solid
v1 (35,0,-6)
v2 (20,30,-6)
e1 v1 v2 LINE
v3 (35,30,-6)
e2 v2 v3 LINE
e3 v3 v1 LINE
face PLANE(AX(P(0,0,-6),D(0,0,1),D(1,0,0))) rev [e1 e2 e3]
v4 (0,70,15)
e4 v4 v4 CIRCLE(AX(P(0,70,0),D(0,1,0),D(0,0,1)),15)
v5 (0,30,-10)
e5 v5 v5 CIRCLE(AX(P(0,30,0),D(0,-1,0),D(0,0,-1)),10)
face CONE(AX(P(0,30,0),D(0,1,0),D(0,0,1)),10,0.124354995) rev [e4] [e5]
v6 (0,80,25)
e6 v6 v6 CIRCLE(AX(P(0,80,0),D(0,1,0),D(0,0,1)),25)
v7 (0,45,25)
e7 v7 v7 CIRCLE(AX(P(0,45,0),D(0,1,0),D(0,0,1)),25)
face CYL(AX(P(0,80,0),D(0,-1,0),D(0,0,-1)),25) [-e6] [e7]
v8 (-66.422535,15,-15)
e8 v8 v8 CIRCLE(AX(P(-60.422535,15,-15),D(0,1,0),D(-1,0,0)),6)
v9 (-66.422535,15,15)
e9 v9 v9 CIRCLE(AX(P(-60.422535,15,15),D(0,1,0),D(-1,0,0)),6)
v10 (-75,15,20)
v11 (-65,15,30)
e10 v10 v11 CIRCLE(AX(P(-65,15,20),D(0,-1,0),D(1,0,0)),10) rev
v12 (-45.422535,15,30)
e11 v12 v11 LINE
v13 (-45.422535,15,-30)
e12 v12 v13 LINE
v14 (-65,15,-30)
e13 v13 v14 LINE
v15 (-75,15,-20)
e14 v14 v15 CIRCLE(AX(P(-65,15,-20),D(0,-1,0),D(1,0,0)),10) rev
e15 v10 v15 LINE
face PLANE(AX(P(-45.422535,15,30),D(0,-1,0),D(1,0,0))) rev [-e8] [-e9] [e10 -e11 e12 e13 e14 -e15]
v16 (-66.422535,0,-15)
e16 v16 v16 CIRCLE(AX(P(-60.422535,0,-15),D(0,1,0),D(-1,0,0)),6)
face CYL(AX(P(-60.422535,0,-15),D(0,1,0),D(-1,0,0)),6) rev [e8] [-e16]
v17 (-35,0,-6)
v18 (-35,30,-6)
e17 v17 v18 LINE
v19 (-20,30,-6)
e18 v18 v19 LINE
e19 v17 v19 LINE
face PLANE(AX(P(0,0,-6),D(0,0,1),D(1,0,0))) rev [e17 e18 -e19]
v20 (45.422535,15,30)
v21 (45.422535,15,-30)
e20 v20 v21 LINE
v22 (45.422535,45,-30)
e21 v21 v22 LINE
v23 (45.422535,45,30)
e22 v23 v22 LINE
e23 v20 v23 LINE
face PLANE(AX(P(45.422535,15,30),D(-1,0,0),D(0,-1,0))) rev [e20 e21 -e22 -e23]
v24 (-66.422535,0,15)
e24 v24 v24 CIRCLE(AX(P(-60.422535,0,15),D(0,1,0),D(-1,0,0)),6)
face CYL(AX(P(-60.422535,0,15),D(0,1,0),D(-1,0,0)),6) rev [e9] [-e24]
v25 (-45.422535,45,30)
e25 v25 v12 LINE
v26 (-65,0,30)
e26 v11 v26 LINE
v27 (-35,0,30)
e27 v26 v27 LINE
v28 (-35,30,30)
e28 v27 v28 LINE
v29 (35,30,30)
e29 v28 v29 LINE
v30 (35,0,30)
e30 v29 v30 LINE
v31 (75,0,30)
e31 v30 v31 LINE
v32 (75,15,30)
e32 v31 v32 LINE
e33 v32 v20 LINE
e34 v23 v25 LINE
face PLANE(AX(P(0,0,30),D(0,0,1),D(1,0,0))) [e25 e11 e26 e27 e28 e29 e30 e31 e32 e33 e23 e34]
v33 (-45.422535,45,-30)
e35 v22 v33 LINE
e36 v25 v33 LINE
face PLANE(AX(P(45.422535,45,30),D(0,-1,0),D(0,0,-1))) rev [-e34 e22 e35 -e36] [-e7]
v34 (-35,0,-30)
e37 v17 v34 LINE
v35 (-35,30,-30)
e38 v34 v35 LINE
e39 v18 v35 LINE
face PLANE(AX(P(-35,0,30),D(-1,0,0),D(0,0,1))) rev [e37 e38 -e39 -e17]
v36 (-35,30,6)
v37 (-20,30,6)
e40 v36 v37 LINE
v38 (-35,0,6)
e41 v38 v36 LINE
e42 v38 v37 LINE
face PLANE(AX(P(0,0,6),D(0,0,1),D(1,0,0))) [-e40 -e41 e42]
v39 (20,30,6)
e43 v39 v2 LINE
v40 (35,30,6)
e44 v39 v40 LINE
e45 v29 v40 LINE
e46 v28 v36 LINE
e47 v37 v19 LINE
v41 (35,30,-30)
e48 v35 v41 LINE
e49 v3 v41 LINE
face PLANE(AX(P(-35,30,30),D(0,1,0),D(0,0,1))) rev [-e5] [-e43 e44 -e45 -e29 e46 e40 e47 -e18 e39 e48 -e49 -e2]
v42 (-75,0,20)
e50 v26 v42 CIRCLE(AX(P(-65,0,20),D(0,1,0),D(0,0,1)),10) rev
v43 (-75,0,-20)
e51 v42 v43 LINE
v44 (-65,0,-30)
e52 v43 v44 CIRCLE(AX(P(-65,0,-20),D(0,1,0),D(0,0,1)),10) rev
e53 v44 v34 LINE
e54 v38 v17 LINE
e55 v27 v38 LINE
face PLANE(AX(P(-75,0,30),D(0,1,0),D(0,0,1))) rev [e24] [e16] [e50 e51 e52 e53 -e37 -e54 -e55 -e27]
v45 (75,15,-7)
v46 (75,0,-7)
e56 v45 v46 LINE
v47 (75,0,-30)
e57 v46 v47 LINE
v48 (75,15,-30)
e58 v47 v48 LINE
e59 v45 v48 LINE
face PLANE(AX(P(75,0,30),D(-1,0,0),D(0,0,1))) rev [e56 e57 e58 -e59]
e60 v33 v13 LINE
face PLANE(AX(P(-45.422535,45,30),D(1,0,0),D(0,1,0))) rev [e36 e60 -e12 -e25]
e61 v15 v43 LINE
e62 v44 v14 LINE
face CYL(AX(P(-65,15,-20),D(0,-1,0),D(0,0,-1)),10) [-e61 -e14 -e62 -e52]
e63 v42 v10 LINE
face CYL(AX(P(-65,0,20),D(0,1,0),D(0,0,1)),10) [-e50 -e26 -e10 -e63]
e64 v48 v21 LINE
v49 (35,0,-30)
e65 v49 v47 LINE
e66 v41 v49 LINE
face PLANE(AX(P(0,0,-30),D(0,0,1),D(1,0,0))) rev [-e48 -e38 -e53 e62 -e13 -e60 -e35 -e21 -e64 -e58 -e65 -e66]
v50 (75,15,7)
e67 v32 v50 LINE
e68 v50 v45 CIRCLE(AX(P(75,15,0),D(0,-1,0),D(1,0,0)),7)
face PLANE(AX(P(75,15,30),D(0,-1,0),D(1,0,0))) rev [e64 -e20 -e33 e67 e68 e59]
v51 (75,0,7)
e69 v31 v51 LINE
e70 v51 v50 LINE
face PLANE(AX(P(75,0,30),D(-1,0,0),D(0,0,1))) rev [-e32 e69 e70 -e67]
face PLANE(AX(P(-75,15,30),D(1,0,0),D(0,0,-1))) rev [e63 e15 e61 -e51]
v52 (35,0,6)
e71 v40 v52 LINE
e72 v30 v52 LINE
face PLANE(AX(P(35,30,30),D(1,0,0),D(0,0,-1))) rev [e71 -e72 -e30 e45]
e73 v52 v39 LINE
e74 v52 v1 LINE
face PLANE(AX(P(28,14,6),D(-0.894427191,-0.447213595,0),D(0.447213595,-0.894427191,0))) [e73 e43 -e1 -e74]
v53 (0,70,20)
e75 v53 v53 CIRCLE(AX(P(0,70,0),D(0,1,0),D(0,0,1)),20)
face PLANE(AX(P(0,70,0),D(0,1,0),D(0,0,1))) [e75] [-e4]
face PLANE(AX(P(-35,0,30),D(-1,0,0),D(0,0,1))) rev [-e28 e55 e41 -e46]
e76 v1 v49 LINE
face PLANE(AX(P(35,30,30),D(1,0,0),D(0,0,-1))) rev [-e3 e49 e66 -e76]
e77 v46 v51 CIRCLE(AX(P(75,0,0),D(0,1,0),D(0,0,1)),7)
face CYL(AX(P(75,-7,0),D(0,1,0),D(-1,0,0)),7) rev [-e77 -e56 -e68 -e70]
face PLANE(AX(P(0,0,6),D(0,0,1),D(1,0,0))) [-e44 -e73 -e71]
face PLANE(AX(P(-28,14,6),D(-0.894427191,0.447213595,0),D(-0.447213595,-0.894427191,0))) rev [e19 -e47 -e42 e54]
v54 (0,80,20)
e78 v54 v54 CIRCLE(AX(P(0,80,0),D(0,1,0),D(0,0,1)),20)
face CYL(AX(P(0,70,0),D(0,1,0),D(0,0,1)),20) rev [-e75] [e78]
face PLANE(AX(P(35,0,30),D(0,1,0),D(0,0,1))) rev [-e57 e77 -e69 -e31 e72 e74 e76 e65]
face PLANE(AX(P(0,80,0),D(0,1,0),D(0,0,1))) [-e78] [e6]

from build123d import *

# Parameters (mm, degrees)
BOSS_EXTRUDE1_DEPTH = 30
BOSS_EXTRUDE2_DEPTH = 6
SKETCH3_R           = 6
CUT_EXTRUDE1_DEPTH  = 87.168439698
FILLET1_R           = 10
SKETCH4_R           = 7
CUT_EXTRUDE2_DEPTH  = 22
SKETCH5_R           = 25
BOSS_EXTRUDE3_DEPTH = 35
SKETCH6_R           = 20
CUT_EXTRUDE3_DEPTH  = 10
SKETCH7_R           = 15
SKETCH8_R           = 10


with BuildPart() as part:
    # Sketch1 → Boss-Extrude1 (new, symmetric)
    with BuildSketch(Plane.XY):
        Polygon((-75, 0), (-35, 0), (-35, 30), (35, 30), (35, 0), (75, 0), (75, 15), (45.422535211, 15), (45.422535211, 45), (-45.422535211, 45), (-45.422535211, 15), (-75, 15), align=None)
    extrude(amount=BOSS_EXTRUDE1_DEPTH, both=True)

    # Sketch2 → Boss-Extrude2 (add, symmetric)
    with BuildSketch(Plane.XY):
        Polygon((-35, 0), (-35, 30), (-20, 30), align=None)
        Polygon((20, 30), (35, 30), (35, 0), align=None)
    extrude(amount=BOSS_EXTRUDE2_DEPTH, both=True)

    # Sketch3 → Cut-Extrude1 (cut, through all)
    with BuildSketch(Plane(origin=(0, 15, 0), x_dir=(1, 0, 0), z_dir=(0, 1, 0))):
        with Locations(Location((-60.422535211, -15, 0), (0, 0, 180))):
            Circle(SKETCH3_R)
        with Locations(Location((-60.422535211, 15, 0), (0, 0, 180))):
            Circle(SKETCH3_R)
    extrude(amount=-CUT_EXTRUDE1_DEPTH, mode=Mode.SUBTRACT)

    # Fillet1
    fillet1_edges = [part.edges().sort_by_distance(p)[0] for p in [
        (-75, 7.5, -30),
        (-75, 7.5, 30),
    ]]
    fillet(fillet1_edges, radius=FILLET1_R)

    # Sketch4 → Cut-Extrude2 (cut)
    with BuildSketch(Plane(origin=(0, 15, 0), x_dir=(1, 0, 0), z_dir=(0, 1, 0))):
        with Locations((75, 0)):
            Circle(SKETCH4_R)
    extrude(amount=-CUT_EXTRUDE2_DEPTH, mode=Mode.SUBTRACT)

    # Sketch5 → Boss-Extrude3 (add)
    with BuildSketch(Plane(origin=(0, 45, 0), x_dir=(1, 0, 0), z_dir=(0, 1, 0))):
        with Locations(Location((0, 0, 0), (0, 0, 270))):
            Circle(SKETCH5_R)
    extrude(amount=BOSS_EXTRUDE3_DEPTH)

    # Sketch6 → Cut-Extrude3 (cut)
    with BuildSketch(Plane(origin=(0, 80, 0), x_dir=(1, 0, 0), z_dir=(0, 1, 0))):
        with Locations(Location((0, 0, 0), (0, 0, 270))):
            Circle(SKETCH6_R)
    extrude(amount=-CUT_EXTRUDE3_DEPTH, mode=Mode.SUBTRACT)

    # Sketch7 → Cut-Loft1 section 0
    with BuildSketch(Plane(origin=(0, 70, 0), x_dir=(1, 0, 0), z_dir=(0, 1, 0))):
        Circle(SKETCH7_R)
    # Sketch8 → Cut-Loft1 section 1
    with BuildSketch(Plane.XZ.offset(-30)):
        Circle(SKETCH8_R)
    loft(mode=Mode.SUBTRACT)


solid = part.part
